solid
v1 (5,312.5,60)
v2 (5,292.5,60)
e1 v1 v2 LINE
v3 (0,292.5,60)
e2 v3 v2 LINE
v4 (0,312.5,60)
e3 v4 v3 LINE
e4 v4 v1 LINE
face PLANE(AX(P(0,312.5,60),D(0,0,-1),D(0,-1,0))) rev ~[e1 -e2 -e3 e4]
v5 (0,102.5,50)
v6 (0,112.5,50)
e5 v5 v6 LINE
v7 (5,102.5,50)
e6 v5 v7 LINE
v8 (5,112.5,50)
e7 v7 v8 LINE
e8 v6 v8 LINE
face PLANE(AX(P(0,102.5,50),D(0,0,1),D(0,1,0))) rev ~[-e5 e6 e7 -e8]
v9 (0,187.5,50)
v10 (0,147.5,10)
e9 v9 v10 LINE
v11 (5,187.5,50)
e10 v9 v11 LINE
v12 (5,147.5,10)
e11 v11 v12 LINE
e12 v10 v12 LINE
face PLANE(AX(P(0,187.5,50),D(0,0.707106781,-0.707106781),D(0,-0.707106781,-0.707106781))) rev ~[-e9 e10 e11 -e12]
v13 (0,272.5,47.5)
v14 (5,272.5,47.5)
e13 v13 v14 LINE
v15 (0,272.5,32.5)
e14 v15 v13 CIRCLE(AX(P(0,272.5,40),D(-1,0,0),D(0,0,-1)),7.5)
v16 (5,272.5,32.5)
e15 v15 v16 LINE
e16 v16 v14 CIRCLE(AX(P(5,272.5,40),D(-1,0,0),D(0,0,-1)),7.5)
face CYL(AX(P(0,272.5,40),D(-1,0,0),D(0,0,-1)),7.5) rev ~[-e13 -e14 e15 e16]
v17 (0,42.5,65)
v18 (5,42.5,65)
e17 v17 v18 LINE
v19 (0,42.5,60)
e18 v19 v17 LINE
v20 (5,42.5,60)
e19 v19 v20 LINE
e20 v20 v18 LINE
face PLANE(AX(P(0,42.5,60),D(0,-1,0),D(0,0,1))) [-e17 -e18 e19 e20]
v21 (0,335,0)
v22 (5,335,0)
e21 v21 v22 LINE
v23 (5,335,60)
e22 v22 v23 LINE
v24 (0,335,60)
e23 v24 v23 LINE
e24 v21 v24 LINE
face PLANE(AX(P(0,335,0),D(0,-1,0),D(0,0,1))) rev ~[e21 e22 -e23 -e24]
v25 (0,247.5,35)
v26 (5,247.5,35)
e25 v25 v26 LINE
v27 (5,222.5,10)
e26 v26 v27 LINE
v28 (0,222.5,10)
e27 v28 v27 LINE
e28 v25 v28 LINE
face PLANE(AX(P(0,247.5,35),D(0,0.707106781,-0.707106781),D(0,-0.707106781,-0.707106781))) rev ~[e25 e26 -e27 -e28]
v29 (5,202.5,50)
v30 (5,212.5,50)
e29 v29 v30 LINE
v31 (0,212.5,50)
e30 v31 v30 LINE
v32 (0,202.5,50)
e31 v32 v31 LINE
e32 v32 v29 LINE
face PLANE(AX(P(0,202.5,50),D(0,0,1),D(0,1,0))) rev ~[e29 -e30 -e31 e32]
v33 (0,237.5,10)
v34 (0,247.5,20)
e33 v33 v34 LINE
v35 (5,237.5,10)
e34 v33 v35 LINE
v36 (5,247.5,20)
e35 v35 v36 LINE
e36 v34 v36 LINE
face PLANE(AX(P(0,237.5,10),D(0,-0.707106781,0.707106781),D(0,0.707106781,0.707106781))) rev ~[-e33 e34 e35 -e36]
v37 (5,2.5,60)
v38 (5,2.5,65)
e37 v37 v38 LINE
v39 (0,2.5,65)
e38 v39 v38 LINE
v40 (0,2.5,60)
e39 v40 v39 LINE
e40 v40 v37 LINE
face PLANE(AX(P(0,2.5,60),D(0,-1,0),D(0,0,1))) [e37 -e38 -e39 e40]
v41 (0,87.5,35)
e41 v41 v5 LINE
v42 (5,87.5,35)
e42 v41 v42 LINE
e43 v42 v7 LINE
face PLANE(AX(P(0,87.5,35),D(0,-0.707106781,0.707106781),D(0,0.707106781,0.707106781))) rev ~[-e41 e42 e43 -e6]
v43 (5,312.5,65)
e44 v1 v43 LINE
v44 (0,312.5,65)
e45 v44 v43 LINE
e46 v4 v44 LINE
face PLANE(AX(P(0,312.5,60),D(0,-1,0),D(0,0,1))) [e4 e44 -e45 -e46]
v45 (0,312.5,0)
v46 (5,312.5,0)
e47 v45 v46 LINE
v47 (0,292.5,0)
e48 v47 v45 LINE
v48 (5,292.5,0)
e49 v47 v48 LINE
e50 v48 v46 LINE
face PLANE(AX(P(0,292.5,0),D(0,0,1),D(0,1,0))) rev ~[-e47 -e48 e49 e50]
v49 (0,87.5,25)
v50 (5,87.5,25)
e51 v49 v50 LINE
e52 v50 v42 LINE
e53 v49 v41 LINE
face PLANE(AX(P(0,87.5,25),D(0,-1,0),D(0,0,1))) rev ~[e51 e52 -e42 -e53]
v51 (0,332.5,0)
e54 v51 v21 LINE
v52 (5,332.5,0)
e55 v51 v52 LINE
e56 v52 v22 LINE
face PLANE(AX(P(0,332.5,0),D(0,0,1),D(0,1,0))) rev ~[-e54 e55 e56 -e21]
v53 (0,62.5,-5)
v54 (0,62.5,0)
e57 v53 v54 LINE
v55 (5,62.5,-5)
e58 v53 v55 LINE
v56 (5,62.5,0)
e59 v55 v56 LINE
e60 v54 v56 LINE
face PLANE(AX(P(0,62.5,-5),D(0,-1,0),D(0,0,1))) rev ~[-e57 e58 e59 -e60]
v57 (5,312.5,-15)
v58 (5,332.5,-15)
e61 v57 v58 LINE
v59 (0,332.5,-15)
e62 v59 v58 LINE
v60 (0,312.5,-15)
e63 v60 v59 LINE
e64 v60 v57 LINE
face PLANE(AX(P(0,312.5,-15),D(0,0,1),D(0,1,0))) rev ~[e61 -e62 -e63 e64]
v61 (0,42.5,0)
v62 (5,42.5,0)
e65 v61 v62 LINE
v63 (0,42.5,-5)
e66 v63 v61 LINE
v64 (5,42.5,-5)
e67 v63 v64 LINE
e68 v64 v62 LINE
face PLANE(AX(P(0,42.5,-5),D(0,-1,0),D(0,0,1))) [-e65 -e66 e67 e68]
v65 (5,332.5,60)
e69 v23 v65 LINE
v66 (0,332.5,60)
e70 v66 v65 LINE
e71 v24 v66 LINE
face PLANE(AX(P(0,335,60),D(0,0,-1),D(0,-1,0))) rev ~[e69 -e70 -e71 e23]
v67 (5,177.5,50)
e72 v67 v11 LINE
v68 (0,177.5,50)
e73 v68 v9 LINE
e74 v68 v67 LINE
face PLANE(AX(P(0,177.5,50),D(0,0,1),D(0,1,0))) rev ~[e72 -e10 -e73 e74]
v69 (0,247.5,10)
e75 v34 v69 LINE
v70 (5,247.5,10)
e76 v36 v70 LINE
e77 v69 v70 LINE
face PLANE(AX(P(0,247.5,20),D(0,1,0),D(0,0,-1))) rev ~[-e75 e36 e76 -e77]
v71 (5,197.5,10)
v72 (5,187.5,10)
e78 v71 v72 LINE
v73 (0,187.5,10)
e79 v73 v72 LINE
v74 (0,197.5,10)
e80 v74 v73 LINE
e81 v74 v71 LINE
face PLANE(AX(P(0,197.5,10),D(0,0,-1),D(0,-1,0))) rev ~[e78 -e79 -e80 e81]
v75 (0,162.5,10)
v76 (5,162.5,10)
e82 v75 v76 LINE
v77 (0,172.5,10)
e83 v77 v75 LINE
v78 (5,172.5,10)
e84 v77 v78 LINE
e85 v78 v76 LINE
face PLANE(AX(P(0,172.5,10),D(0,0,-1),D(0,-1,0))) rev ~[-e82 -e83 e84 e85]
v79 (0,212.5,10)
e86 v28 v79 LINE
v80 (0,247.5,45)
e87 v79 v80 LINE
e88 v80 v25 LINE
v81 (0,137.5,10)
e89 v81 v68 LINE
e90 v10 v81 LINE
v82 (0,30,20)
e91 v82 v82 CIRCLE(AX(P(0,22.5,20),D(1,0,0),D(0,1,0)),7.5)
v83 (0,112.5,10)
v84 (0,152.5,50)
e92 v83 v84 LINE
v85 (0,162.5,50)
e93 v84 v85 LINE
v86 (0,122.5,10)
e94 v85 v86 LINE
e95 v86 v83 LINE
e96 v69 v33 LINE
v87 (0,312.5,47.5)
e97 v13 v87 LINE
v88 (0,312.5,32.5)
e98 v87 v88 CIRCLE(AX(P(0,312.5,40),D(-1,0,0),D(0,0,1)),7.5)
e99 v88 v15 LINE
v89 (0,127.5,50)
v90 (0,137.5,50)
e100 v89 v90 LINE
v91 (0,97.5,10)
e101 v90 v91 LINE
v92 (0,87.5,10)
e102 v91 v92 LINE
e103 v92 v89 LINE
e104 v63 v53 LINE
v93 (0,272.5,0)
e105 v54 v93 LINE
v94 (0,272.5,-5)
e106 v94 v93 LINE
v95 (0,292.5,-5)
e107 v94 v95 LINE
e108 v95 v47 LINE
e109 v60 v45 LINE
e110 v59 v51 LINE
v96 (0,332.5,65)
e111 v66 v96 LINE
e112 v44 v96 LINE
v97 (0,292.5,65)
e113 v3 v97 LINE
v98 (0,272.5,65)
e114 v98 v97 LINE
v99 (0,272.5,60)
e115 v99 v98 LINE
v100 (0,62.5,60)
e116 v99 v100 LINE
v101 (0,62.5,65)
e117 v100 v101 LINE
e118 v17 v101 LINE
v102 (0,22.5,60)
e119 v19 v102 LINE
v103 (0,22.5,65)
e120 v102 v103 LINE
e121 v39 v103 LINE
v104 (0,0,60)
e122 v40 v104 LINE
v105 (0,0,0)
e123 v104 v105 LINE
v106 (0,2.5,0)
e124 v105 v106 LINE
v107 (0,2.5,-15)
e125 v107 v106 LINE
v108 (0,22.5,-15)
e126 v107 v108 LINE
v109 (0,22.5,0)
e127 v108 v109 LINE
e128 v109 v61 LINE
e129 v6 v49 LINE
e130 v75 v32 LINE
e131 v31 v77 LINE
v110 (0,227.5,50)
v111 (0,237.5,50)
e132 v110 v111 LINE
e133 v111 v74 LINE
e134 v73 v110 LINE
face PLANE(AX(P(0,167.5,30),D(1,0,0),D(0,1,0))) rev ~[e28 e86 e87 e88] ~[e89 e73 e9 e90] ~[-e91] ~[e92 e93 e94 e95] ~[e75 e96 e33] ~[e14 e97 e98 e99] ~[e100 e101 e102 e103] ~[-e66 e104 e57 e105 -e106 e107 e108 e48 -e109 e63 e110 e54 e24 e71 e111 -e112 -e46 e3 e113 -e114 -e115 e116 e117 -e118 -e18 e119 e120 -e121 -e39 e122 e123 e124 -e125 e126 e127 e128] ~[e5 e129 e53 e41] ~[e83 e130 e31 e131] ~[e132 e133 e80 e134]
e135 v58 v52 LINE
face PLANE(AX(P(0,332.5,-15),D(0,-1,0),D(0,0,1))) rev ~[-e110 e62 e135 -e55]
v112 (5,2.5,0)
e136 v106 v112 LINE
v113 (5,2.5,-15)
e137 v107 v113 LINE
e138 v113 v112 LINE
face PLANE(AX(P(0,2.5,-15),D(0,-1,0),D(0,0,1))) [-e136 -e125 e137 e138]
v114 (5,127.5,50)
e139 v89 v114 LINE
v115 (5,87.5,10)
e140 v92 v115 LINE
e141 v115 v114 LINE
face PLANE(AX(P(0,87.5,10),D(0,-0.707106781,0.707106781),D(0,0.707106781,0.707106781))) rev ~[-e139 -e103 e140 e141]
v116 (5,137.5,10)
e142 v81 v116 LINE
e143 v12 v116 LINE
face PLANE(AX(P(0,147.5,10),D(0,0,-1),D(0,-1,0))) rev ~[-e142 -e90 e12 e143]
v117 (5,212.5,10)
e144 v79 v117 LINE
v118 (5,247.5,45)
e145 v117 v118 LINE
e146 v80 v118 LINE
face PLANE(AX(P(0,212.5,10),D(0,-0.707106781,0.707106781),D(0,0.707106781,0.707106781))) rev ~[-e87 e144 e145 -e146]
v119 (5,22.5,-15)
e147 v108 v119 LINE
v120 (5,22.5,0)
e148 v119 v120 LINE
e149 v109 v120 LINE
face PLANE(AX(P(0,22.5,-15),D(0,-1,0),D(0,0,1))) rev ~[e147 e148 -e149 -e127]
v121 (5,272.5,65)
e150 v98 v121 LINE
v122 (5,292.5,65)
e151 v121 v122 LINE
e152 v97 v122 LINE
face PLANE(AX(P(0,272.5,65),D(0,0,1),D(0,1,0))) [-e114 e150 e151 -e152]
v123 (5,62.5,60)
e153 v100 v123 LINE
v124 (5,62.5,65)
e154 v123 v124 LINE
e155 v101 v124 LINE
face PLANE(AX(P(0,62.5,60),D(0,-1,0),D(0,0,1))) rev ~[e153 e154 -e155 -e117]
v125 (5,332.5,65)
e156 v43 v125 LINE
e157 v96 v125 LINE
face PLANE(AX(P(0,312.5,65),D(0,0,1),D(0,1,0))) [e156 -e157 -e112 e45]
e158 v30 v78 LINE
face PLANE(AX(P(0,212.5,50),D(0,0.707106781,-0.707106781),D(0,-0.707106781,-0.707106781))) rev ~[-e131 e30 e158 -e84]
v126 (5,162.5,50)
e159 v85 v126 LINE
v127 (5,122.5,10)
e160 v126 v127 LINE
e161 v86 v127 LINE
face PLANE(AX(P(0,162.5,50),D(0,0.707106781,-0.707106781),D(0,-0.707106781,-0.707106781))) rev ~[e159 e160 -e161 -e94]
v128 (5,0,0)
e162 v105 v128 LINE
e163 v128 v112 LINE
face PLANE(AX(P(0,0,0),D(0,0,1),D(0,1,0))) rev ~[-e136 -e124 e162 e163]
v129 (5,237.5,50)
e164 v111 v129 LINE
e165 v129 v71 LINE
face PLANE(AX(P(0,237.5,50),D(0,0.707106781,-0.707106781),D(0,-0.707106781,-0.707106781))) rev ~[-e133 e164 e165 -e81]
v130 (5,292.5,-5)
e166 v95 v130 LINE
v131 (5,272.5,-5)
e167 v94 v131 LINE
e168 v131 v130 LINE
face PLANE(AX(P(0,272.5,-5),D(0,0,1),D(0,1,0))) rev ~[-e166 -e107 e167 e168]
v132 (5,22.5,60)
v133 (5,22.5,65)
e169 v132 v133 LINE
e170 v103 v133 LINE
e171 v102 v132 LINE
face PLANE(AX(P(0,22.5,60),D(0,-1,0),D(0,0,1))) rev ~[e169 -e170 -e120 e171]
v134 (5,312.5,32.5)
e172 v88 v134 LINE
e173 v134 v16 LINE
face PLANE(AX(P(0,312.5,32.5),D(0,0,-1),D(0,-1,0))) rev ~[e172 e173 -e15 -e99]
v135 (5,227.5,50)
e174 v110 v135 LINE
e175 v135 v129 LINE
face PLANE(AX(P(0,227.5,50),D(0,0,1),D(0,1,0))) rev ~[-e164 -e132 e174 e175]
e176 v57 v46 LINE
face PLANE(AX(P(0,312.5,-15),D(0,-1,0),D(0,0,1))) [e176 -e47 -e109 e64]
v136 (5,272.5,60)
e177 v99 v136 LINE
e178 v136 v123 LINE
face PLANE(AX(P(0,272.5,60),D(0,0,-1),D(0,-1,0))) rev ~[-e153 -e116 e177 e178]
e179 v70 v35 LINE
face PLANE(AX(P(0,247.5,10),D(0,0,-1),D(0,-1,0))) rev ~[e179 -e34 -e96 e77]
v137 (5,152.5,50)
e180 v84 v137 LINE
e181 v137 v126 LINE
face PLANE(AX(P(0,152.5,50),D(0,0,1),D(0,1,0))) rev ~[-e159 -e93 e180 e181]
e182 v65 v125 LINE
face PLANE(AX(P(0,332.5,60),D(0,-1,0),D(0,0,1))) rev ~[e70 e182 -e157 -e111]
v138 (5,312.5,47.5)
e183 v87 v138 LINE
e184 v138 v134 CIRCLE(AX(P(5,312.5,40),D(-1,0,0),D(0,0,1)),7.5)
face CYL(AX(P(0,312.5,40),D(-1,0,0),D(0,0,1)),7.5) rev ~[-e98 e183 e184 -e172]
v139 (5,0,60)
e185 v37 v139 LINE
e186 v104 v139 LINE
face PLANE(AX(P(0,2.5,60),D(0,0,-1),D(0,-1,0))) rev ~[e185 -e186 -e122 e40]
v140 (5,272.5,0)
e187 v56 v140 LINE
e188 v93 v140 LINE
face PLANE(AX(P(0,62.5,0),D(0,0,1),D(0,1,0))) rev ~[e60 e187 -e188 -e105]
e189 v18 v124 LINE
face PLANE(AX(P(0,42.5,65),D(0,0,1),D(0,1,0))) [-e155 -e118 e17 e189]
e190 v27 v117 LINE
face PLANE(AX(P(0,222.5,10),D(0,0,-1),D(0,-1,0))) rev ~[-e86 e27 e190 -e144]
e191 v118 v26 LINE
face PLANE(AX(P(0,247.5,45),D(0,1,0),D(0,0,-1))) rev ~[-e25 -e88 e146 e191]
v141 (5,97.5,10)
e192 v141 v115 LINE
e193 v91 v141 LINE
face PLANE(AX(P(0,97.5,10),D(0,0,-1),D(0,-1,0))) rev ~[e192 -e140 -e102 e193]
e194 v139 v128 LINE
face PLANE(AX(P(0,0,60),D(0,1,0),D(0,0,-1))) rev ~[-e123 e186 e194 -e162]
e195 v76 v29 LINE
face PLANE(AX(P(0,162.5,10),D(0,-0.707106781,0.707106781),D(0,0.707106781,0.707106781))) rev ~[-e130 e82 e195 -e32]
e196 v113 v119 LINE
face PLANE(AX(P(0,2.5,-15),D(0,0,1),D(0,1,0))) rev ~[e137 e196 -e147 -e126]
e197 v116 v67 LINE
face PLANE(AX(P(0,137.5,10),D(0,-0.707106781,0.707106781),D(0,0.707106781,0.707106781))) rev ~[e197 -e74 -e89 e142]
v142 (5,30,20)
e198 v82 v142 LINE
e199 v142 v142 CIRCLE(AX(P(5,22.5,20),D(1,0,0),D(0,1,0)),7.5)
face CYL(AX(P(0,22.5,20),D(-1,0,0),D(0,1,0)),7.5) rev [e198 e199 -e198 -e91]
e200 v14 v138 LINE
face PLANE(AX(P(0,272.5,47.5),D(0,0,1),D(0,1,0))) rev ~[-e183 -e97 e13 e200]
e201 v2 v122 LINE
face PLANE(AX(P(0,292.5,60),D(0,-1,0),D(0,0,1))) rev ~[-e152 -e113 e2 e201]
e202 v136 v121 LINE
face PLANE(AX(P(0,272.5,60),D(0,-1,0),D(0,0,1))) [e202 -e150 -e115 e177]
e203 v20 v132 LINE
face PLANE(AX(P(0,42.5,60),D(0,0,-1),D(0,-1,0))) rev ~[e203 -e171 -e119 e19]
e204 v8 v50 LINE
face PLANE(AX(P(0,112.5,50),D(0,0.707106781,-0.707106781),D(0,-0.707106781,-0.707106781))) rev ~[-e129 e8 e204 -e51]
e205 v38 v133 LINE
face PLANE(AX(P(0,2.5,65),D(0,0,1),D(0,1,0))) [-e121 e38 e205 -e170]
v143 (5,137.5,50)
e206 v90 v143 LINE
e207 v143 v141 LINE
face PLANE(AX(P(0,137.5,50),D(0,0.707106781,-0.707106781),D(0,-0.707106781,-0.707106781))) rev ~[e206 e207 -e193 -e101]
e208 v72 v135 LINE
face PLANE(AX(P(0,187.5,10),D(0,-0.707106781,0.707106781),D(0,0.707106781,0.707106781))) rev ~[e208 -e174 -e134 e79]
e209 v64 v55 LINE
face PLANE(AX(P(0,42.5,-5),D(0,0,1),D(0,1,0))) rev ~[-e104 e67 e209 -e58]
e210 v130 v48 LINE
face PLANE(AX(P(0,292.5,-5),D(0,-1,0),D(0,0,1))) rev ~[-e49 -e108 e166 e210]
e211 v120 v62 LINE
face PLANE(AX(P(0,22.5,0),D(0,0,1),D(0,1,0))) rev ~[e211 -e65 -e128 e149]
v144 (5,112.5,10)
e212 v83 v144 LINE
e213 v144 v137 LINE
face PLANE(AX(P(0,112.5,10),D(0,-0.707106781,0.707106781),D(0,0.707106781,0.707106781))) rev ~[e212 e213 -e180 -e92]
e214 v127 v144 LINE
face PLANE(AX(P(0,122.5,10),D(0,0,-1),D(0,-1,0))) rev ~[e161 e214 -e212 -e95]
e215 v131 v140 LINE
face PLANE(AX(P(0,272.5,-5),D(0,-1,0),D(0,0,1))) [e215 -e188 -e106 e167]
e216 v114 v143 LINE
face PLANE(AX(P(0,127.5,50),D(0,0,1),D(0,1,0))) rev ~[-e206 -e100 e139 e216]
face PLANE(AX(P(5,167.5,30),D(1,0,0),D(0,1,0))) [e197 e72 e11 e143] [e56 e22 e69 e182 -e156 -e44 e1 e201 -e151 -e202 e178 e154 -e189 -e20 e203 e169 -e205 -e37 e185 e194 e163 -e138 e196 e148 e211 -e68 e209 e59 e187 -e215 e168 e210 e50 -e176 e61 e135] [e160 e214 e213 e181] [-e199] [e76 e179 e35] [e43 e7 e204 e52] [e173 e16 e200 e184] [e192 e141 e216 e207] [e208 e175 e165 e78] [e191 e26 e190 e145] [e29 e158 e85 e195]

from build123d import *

# Parameters (mm, degrees)
F1_R     = 7.5
F1_W     = 20
F1_H     = 15
F1_H_2   = 5
F2_DEPTH = 5


with BuildPart() as f2:
    # F1 (on Right) → F2 (new body)
    with BuildSketch(Plane.YZ):
        Polygon((0, 60), (0, 0), (2.5, 0), (22.5, 0), (42.5, 0), (62.5, 0), (272.5, 0), (292.5, 0), (312.5, 0), (332.5, 0), (335, 0), (335, 60), (332.5, 60), (312.5, 60), (292.5, 60), (272.5, 60), (62.5, 60), (42.5, 60), (22.5, 60), (2.5, 60), align=None)
        with Locations((22.5, 20)):
            Circle(F1_R, mode=Mode.SUBTRACT)
        Polygon((247.5, 10), (237.5, 10), (247.5, 20), align=None, mode=Mode.SUBTRACT)
        Polygon((97.5, 10), (87.5, 10), (127.5, 50), (137.5, 50), align=None, mode=Mode.SUBTRACT)
        Polygon((122.5, 10), (112.5, 10), (152.5, 50), (162.5, 50), align=None, mode=Mode.SUBTRACT)
        Polygon((147.5, 10), (137.5, 10), (177.5, 50), (187.5, 50), align=None, mode=Mode.SUBTRACT)
        Polygon((102.5, 50), (112.5, 50), (87.5, 25), (87.5, 35), align=None, mode=Mode.SUBTRACT)
        Polygon((172.5, 10), (162.5, 10), (202.5, 50), (212.5, 50), align=None, mode=Mode.SUBTRACT)
        Polygon((222.5, 10), (212.5, 10), (247.5, 45), (247.5, 35), align=None, mode=Mode.SUBTRACT)
        Polygon((197.5, 10), (187.5, 10), (227.5, 50), (237.5, 50), align=None, mode=Mode.SUBTRACT)
        with BuildLine():
            Line((312.5, 32.5), (272.5, 32.5))
            ThreePointArc((272.5, 32.5), (265, 40), (272.5, 47.5))
            Line((272.5, 47.5), (312.5, 47.5))
            ThreePointArc((312.5, 47.5), (320, 40), (312.5, 32.5))
        make_face(mode=Mode.SUBTRACT)
        with Locations((12.5, -7.5)):
            Rectangle(F1_W, F1_H)
        with Locations((12.5, 62.5)):
            Rectangle(F1_W, F1_H_2)
        with Locations((52.5, -2.5)):
            Rectangle(F1_W, F1_H_2)
        with Locations((52.5, 62.5)):
            Rectangle(F1_W, F1_H_2)
        with Locations((282.5, -2.5)):
            Rectangle(F1_W, F1_H_2)
        with Locations((282.5, 62.5)):
            Rectangle(F1_W, F1_H_2)
        with Locations((322.5, -7.5)):
            Rectangle(F1_W, F1_H)
        with Locations((322.5, 62.5)):
            Rectangle(F1_W, F1_H_2)
    extrude(amount=F2_DEPTH)


solid = f2.part
